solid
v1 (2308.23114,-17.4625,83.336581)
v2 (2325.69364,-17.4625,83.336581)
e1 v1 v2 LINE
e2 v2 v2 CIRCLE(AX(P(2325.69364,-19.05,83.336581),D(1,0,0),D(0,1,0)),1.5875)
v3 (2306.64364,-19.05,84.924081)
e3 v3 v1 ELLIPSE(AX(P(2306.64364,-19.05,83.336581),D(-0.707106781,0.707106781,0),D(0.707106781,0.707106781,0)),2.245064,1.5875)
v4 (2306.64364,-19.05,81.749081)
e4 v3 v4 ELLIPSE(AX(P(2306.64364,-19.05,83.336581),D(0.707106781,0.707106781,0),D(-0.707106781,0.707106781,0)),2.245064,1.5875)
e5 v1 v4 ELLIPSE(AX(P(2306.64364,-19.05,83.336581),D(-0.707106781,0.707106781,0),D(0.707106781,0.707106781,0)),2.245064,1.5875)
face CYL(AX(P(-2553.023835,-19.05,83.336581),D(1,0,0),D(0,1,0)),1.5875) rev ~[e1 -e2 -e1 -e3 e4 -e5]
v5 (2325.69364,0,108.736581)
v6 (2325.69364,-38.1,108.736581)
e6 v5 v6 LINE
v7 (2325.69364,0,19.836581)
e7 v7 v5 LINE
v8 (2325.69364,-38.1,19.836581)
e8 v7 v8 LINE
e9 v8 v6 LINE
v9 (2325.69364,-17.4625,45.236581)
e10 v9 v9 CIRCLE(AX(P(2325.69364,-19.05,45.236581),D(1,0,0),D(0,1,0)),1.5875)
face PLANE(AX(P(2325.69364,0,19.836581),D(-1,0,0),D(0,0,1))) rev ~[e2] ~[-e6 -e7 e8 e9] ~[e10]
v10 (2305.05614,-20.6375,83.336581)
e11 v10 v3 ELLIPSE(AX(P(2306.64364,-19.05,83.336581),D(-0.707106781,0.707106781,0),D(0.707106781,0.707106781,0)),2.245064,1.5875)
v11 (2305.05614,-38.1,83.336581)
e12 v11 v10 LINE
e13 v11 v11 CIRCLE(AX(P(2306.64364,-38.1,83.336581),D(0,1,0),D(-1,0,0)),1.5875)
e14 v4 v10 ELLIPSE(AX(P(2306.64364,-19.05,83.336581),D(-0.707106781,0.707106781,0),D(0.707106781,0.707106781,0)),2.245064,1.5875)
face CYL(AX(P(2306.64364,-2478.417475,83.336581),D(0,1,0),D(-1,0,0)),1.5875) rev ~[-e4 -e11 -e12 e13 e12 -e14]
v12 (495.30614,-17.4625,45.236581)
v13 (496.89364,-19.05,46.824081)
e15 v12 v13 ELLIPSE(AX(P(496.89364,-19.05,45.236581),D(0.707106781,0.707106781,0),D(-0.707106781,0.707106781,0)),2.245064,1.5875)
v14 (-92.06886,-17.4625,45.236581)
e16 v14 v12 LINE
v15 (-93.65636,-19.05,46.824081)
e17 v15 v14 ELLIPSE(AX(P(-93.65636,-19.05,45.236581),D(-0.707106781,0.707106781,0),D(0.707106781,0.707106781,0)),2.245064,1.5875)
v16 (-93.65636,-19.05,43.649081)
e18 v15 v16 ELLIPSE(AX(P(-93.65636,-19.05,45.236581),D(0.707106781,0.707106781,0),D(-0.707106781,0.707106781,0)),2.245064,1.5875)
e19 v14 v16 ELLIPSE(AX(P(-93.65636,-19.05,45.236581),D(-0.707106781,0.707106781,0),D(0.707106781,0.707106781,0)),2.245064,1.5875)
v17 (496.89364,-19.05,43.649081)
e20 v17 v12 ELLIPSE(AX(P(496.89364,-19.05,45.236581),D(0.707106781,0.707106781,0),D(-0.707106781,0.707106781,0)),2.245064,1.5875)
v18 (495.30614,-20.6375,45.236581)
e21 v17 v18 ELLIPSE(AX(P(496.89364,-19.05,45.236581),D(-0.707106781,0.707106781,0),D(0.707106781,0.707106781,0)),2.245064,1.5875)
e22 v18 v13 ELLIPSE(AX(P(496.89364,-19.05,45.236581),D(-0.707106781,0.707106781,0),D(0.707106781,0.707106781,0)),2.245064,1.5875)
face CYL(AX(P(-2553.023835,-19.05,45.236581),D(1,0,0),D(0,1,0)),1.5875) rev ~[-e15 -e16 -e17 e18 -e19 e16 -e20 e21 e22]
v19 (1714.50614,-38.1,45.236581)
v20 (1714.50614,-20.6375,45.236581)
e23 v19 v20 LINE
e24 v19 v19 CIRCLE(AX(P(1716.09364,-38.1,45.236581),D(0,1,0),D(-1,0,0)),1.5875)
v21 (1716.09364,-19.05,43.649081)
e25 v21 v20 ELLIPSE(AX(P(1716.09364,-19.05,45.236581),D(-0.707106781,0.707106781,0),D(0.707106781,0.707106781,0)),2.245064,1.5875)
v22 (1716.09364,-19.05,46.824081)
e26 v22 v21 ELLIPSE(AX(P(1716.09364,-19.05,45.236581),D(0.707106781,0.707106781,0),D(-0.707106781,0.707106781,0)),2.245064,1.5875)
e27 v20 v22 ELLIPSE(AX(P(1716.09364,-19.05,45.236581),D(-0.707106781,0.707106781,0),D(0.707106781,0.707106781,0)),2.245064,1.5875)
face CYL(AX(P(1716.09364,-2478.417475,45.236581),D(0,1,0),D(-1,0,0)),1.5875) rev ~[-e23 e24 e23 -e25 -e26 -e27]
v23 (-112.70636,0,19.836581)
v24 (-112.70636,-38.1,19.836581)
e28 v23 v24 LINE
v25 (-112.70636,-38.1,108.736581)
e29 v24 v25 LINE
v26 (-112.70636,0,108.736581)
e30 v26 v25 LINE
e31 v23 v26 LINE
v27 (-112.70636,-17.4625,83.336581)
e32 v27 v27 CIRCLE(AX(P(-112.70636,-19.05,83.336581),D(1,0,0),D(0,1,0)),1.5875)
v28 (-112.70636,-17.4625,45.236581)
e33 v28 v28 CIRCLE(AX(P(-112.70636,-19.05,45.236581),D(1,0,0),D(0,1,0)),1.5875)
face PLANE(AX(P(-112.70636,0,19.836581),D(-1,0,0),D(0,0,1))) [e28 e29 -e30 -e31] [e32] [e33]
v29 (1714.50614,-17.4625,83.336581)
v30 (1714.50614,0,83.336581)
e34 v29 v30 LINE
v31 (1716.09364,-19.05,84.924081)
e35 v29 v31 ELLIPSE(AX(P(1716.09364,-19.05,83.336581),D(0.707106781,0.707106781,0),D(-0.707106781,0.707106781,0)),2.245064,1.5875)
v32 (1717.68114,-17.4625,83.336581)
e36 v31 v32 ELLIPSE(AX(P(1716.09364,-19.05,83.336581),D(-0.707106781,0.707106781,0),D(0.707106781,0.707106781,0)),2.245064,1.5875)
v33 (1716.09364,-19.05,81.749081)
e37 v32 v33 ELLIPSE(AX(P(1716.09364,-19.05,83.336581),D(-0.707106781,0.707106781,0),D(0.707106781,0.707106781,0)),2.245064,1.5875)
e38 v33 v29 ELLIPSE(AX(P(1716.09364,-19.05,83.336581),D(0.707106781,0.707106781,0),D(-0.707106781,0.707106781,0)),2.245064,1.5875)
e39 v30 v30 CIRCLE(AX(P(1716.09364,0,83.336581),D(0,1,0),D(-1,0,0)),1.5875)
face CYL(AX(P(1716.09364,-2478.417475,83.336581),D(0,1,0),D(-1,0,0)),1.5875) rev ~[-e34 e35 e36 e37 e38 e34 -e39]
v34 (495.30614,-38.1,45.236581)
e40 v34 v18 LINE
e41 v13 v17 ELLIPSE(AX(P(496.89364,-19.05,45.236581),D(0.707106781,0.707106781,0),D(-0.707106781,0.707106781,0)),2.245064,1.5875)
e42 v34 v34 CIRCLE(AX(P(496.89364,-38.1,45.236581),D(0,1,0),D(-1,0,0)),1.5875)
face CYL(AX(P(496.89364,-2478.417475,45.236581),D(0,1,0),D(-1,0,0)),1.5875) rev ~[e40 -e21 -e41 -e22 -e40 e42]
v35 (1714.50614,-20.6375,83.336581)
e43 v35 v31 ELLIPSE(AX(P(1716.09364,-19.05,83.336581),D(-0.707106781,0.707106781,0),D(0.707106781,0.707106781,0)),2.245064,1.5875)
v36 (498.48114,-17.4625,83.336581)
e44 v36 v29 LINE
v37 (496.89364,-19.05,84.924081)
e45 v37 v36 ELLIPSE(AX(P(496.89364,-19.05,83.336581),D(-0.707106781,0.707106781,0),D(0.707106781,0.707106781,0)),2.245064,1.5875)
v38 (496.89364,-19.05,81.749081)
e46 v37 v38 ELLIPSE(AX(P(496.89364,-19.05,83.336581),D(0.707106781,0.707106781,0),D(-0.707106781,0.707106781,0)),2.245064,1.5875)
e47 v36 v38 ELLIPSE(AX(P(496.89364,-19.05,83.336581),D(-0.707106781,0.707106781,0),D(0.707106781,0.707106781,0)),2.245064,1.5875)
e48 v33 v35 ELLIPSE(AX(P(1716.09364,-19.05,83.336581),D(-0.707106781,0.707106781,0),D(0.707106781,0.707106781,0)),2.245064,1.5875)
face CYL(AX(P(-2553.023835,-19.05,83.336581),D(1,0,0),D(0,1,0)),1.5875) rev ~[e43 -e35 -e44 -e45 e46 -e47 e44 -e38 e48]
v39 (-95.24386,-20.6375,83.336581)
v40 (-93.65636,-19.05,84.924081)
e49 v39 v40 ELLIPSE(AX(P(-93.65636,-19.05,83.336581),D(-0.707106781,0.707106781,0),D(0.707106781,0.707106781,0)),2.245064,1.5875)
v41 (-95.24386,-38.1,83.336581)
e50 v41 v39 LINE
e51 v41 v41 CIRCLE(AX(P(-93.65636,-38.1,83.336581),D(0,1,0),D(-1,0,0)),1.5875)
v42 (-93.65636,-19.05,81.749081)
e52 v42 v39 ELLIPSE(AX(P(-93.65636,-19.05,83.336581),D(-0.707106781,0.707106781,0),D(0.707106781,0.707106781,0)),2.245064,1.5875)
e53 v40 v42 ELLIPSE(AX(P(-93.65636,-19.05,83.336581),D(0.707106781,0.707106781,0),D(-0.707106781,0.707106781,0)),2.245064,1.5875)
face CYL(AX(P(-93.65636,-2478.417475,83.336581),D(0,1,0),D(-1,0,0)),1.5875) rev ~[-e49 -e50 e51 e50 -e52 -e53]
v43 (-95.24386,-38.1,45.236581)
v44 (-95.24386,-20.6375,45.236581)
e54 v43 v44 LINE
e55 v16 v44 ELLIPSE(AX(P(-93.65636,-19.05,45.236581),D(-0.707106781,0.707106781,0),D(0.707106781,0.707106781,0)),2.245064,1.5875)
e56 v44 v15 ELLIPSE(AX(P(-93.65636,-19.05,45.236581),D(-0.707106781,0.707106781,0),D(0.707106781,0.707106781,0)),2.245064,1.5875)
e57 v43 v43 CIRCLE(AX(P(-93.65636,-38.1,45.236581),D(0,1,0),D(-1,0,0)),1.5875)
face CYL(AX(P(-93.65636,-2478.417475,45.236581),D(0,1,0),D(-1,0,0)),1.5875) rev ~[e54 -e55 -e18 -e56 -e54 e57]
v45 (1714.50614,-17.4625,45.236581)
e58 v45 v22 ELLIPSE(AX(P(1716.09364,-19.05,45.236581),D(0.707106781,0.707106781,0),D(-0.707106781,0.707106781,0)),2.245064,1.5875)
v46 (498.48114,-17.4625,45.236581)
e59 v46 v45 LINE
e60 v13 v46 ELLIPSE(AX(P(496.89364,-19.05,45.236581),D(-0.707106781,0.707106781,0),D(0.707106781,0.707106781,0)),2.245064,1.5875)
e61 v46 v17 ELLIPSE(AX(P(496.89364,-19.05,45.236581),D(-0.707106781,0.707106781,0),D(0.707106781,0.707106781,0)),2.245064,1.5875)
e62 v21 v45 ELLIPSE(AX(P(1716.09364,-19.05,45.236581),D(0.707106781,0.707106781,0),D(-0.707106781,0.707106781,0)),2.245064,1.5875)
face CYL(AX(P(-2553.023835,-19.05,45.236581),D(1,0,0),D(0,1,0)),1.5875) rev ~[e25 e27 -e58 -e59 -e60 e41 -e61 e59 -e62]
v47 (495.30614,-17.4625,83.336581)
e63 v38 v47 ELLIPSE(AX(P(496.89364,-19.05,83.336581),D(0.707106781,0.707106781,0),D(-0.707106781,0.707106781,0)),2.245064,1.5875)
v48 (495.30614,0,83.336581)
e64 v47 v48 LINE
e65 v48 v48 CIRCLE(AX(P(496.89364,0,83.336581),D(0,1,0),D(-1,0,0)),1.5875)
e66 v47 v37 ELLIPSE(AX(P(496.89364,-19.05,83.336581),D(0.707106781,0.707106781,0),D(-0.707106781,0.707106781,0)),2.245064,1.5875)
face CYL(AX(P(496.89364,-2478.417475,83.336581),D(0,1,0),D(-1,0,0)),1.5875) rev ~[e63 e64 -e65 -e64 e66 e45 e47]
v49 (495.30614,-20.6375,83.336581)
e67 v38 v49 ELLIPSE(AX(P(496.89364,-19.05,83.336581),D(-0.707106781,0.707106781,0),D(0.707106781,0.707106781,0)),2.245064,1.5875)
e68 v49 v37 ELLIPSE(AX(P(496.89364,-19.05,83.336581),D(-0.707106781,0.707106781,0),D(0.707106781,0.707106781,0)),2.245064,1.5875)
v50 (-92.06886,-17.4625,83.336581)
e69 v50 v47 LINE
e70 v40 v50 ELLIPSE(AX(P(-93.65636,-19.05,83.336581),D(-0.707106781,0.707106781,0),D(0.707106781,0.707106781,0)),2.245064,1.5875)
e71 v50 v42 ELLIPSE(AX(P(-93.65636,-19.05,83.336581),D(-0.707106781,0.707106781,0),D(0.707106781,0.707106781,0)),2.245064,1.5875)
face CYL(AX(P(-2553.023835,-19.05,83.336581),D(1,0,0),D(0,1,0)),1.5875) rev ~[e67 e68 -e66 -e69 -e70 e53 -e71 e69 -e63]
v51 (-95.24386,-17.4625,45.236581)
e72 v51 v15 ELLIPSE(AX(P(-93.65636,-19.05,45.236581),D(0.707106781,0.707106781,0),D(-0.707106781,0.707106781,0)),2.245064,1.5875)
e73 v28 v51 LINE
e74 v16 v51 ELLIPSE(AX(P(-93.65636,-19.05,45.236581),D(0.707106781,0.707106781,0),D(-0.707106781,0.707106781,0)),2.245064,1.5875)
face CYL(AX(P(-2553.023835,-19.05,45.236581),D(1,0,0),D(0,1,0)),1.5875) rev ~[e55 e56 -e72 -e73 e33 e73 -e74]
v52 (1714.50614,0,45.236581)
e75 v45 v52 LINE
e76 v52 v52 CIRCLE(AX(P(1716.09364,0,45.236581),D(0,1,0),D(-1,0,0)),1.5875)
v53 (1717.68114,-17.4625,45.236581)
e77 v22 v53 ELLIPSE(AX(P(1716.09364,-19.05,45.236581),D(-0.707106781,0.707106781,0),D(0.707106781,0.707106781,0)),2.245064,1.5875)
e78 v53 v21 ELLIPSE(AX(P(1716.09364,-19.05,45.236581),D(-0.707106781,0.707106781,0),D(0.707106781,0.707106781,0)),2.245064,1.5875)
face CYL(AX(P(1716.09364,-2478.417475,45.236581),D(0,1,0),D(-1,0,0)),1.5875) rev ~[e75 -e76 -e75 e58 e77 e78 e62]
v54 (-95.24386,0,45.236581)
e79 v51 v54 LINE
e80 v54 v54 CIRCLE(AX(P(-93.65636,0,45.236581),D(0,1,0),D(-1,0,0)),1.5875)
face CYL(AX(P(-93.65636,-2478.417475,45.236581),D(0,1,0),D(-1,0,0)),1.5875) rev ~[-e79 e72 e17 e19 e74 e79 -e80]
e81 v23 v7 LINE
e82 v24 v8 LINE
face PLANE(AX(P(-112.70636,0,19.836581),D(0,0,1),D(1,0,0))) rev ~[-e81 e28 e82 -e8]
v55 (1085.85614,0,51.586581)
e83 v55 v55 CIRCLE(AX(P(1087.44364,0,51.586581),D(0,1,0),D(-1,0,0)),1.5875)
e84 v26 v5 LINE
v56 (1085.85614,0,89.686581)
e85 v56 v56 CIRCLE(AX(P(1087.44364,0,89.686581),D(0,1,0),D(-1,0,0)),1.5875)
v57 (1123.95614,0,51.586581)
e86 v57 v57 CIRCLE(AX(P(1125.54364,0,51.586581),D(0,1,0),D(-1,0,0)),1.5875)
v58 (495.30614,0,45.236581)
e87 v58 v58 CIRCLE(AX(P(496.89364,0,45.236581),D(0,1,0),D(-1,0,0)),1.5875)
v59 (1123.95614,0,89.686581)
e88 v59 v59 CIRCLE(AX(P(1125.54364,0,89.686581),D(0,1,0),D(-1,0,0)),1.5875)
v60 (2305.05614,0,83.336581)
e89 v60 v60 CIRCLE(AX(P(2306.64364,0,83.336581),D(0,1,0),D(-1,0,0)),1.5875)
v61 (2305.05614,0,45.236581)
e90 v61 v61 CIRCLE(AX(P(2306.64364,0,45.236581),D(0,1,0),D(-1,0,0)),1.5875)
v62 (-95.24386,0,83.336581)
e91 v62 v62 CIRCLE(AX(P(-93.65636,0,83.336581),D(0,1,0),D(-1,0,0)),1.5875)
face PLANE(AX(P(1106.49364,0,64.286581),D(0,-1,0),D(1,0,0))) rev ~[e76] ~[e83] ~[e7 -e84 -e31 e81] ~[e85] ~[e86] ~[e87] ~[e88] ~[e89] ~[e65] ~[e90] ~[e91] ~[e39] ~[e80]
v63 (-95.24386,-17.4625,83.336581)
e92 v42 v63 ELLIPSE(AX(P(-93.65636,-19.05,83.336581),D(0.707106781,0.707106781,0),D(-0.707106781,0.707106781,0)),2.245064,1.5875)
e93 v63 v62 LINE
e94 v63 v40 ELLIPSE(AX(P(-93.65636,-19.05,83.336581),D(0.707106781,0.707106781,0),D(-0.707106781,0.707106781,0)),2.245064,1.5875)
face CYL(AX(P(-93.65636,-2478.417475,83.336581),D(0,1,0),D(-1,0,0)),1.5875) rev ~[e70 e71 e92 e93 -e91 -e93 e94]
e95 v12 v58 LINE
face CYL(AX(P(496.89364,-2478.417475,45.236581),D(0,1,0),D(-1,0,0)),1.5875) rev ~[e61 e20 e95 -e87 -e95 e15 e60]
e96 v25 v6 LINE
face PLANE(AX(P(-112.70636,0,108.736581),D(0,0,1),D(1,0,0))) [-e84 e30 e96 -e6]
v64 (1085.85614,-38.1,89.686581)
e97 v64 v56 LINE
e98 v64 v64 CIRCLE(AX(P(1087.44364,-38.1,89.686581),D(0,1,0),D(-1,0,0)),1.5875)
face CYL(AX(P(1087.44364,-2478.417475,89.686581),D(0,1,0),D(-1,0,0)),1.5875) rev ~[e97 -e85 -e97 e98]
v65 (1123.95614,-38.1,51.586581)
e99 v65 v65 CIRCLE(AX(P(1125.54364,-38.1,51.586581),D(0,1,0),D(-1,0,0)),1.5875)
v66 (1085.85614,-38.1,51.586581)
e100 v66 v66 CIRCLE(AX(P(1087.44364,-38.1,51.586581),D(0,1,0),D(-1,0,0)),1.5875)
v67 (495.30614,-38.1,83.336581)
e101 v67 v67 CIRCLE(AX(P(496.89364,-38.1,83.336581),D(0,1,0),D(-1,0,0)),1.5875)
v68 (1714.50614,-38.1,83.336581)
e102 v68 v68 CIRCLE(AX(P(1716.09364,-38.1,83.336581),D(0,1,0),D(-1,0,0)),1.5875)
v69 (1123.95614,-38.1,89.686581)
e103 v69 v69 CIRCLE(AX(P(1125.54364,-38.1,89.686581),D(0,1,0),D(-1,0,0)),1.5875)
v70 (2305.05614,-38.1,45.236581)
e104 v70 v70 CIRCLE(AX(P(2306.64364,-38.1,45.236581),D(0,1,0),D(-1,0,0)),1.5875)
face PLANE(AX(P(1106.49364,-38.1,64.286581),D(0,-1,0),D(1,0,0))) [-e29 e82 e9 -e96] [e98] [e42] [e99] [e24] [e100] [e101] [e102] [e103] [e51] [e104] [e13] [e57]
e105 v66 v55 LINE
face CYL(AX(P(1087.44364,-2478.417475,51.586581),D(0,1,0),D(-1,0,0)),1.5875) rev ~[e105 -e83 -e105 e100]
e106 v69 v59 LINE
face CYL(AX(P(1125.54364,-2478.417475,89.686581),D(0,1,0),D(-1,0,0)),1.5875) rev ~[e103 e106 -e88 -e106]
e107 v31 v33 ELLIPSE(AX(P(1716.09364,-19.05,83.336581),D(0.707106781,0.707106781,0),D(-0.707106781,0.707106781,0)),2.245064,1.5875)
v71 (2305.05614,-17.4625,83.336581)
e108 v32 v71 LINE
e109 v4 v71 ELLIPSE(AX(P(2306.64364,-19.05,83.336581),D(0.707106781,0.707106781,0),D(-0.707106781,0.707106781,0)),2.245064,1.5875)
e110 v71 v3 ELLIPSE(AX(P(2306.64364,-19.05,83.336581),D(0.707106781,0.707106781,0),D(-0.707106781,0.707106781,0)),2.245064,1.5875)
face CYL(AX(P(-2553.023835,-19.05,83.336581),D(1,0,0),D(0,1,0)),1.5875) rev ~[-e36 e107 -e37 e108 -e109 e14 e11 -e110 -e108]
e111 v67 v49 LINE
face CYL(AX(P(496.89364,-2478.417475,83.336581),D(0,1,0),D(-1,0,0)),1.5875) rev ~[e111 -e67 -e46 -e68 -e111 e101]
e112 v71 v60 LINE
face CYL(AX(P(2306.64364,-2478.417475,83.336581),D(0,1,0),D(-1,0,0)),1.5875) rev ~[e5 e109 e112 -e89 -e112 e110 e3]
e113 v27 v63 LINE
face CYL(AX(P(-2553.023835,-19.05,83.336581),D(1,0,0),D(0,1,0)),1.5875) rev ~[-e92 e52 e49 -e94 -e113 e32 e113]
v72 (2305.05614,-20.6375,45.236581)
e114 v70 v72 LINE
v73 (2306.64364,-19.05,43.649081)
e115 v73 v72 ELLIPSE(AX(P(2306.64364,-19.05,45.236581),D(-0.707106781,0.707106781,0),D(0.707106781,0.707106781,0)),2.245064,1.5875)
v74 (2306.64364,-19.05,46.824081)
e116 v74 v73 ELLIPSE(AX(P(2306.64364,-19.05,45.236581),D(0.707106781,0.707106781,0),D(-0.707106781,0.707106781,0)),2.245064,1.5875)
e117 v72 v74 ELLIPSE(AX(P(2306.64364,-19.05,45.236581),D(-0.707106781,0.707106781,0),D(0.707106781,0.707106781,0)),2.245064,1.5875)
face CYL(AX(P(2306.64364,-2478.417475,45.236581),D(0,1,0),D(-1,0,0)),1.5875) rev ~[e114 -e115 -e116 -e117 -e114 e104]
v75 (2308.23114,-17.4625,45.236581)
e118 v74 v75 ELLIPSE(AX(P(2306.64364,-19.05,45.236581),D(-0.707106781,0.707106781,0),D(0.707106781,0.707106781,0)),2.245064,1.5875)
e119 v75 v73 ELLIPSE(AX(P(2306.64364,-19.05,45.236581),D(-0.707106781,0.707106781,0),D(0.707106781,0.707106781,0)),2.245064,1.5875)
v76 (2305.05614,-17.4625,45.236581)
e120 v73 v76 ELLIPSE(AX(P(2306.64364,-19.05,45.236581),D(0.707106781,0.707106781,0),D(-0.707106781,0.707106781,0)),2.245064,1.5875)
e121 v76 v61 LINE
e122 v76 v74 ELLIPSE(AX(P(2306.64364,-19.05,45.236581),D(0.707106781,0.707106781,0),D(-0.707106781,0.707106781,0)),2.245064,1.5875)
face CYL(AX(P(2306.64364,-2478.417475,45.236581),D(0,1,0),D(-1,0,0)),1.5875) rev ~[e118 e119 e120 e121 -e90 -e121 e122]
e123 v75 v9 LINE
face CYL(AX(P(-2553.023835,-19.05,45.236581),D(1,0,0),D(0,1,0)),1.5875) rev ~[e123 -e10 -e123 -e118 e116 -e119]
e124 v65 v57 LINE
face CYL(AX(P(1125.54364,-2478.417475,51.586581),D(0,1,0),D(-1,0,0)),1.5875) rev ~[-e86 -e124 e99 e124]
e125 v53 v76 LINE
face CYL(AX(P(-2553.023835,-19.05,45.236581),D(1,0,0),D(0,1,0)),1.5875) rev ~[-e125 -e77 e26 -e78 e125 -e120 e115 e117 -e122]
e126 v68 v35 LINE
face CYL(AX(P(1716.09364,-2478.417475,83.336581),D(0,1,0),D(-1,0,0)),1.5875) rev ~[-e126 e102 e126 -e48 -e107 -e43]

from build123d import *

# Parameters (mm, degrees)
F0_W     = 2438.4
F0_H     = 88.9
F1_DEPTH = 38.1
F3_D     = 3.175
F5_D     = 3.175


with BuildPart() as f1:
    # F0 (on Front) → F1 (new body)
    with BuildSketch(Plane.XZ):
        with Locations((1106.49364, 64.286581)):
            Rectangle(F0_W, F0_H)
    extrude(amount=F1_DEPTH)

    # F3 (through all)
    with Locations(Plane.XZ.offset(38.1)):
        with Locations((-93.65636, 83.336581), (-93.65636, 45.236581), (496.89364, 83.336581), (496.89364, 45.236581), (1087.44364, 89.686581), (1125.54364, 89.686581), (1087.44364, 51.586581), (1125.54364, 51.586581), (1716.09364, 83.336581), (1716.09364, 45.236581), (2306.64364, 83.336581), (2306.64364, 45.236581)):
            Hole(F3_D / 2)

    # F5 (through all)
    with Locations(Plane(origin=(-112.70636, 0, 0), x_dir=(0, -1, 0), z_dir=(-1, 0, 0))):
        with Locations((19.05, 83.336581), (19.05, 45.236581)):
            Hole(F5_D / 2)


solid = f1.part
